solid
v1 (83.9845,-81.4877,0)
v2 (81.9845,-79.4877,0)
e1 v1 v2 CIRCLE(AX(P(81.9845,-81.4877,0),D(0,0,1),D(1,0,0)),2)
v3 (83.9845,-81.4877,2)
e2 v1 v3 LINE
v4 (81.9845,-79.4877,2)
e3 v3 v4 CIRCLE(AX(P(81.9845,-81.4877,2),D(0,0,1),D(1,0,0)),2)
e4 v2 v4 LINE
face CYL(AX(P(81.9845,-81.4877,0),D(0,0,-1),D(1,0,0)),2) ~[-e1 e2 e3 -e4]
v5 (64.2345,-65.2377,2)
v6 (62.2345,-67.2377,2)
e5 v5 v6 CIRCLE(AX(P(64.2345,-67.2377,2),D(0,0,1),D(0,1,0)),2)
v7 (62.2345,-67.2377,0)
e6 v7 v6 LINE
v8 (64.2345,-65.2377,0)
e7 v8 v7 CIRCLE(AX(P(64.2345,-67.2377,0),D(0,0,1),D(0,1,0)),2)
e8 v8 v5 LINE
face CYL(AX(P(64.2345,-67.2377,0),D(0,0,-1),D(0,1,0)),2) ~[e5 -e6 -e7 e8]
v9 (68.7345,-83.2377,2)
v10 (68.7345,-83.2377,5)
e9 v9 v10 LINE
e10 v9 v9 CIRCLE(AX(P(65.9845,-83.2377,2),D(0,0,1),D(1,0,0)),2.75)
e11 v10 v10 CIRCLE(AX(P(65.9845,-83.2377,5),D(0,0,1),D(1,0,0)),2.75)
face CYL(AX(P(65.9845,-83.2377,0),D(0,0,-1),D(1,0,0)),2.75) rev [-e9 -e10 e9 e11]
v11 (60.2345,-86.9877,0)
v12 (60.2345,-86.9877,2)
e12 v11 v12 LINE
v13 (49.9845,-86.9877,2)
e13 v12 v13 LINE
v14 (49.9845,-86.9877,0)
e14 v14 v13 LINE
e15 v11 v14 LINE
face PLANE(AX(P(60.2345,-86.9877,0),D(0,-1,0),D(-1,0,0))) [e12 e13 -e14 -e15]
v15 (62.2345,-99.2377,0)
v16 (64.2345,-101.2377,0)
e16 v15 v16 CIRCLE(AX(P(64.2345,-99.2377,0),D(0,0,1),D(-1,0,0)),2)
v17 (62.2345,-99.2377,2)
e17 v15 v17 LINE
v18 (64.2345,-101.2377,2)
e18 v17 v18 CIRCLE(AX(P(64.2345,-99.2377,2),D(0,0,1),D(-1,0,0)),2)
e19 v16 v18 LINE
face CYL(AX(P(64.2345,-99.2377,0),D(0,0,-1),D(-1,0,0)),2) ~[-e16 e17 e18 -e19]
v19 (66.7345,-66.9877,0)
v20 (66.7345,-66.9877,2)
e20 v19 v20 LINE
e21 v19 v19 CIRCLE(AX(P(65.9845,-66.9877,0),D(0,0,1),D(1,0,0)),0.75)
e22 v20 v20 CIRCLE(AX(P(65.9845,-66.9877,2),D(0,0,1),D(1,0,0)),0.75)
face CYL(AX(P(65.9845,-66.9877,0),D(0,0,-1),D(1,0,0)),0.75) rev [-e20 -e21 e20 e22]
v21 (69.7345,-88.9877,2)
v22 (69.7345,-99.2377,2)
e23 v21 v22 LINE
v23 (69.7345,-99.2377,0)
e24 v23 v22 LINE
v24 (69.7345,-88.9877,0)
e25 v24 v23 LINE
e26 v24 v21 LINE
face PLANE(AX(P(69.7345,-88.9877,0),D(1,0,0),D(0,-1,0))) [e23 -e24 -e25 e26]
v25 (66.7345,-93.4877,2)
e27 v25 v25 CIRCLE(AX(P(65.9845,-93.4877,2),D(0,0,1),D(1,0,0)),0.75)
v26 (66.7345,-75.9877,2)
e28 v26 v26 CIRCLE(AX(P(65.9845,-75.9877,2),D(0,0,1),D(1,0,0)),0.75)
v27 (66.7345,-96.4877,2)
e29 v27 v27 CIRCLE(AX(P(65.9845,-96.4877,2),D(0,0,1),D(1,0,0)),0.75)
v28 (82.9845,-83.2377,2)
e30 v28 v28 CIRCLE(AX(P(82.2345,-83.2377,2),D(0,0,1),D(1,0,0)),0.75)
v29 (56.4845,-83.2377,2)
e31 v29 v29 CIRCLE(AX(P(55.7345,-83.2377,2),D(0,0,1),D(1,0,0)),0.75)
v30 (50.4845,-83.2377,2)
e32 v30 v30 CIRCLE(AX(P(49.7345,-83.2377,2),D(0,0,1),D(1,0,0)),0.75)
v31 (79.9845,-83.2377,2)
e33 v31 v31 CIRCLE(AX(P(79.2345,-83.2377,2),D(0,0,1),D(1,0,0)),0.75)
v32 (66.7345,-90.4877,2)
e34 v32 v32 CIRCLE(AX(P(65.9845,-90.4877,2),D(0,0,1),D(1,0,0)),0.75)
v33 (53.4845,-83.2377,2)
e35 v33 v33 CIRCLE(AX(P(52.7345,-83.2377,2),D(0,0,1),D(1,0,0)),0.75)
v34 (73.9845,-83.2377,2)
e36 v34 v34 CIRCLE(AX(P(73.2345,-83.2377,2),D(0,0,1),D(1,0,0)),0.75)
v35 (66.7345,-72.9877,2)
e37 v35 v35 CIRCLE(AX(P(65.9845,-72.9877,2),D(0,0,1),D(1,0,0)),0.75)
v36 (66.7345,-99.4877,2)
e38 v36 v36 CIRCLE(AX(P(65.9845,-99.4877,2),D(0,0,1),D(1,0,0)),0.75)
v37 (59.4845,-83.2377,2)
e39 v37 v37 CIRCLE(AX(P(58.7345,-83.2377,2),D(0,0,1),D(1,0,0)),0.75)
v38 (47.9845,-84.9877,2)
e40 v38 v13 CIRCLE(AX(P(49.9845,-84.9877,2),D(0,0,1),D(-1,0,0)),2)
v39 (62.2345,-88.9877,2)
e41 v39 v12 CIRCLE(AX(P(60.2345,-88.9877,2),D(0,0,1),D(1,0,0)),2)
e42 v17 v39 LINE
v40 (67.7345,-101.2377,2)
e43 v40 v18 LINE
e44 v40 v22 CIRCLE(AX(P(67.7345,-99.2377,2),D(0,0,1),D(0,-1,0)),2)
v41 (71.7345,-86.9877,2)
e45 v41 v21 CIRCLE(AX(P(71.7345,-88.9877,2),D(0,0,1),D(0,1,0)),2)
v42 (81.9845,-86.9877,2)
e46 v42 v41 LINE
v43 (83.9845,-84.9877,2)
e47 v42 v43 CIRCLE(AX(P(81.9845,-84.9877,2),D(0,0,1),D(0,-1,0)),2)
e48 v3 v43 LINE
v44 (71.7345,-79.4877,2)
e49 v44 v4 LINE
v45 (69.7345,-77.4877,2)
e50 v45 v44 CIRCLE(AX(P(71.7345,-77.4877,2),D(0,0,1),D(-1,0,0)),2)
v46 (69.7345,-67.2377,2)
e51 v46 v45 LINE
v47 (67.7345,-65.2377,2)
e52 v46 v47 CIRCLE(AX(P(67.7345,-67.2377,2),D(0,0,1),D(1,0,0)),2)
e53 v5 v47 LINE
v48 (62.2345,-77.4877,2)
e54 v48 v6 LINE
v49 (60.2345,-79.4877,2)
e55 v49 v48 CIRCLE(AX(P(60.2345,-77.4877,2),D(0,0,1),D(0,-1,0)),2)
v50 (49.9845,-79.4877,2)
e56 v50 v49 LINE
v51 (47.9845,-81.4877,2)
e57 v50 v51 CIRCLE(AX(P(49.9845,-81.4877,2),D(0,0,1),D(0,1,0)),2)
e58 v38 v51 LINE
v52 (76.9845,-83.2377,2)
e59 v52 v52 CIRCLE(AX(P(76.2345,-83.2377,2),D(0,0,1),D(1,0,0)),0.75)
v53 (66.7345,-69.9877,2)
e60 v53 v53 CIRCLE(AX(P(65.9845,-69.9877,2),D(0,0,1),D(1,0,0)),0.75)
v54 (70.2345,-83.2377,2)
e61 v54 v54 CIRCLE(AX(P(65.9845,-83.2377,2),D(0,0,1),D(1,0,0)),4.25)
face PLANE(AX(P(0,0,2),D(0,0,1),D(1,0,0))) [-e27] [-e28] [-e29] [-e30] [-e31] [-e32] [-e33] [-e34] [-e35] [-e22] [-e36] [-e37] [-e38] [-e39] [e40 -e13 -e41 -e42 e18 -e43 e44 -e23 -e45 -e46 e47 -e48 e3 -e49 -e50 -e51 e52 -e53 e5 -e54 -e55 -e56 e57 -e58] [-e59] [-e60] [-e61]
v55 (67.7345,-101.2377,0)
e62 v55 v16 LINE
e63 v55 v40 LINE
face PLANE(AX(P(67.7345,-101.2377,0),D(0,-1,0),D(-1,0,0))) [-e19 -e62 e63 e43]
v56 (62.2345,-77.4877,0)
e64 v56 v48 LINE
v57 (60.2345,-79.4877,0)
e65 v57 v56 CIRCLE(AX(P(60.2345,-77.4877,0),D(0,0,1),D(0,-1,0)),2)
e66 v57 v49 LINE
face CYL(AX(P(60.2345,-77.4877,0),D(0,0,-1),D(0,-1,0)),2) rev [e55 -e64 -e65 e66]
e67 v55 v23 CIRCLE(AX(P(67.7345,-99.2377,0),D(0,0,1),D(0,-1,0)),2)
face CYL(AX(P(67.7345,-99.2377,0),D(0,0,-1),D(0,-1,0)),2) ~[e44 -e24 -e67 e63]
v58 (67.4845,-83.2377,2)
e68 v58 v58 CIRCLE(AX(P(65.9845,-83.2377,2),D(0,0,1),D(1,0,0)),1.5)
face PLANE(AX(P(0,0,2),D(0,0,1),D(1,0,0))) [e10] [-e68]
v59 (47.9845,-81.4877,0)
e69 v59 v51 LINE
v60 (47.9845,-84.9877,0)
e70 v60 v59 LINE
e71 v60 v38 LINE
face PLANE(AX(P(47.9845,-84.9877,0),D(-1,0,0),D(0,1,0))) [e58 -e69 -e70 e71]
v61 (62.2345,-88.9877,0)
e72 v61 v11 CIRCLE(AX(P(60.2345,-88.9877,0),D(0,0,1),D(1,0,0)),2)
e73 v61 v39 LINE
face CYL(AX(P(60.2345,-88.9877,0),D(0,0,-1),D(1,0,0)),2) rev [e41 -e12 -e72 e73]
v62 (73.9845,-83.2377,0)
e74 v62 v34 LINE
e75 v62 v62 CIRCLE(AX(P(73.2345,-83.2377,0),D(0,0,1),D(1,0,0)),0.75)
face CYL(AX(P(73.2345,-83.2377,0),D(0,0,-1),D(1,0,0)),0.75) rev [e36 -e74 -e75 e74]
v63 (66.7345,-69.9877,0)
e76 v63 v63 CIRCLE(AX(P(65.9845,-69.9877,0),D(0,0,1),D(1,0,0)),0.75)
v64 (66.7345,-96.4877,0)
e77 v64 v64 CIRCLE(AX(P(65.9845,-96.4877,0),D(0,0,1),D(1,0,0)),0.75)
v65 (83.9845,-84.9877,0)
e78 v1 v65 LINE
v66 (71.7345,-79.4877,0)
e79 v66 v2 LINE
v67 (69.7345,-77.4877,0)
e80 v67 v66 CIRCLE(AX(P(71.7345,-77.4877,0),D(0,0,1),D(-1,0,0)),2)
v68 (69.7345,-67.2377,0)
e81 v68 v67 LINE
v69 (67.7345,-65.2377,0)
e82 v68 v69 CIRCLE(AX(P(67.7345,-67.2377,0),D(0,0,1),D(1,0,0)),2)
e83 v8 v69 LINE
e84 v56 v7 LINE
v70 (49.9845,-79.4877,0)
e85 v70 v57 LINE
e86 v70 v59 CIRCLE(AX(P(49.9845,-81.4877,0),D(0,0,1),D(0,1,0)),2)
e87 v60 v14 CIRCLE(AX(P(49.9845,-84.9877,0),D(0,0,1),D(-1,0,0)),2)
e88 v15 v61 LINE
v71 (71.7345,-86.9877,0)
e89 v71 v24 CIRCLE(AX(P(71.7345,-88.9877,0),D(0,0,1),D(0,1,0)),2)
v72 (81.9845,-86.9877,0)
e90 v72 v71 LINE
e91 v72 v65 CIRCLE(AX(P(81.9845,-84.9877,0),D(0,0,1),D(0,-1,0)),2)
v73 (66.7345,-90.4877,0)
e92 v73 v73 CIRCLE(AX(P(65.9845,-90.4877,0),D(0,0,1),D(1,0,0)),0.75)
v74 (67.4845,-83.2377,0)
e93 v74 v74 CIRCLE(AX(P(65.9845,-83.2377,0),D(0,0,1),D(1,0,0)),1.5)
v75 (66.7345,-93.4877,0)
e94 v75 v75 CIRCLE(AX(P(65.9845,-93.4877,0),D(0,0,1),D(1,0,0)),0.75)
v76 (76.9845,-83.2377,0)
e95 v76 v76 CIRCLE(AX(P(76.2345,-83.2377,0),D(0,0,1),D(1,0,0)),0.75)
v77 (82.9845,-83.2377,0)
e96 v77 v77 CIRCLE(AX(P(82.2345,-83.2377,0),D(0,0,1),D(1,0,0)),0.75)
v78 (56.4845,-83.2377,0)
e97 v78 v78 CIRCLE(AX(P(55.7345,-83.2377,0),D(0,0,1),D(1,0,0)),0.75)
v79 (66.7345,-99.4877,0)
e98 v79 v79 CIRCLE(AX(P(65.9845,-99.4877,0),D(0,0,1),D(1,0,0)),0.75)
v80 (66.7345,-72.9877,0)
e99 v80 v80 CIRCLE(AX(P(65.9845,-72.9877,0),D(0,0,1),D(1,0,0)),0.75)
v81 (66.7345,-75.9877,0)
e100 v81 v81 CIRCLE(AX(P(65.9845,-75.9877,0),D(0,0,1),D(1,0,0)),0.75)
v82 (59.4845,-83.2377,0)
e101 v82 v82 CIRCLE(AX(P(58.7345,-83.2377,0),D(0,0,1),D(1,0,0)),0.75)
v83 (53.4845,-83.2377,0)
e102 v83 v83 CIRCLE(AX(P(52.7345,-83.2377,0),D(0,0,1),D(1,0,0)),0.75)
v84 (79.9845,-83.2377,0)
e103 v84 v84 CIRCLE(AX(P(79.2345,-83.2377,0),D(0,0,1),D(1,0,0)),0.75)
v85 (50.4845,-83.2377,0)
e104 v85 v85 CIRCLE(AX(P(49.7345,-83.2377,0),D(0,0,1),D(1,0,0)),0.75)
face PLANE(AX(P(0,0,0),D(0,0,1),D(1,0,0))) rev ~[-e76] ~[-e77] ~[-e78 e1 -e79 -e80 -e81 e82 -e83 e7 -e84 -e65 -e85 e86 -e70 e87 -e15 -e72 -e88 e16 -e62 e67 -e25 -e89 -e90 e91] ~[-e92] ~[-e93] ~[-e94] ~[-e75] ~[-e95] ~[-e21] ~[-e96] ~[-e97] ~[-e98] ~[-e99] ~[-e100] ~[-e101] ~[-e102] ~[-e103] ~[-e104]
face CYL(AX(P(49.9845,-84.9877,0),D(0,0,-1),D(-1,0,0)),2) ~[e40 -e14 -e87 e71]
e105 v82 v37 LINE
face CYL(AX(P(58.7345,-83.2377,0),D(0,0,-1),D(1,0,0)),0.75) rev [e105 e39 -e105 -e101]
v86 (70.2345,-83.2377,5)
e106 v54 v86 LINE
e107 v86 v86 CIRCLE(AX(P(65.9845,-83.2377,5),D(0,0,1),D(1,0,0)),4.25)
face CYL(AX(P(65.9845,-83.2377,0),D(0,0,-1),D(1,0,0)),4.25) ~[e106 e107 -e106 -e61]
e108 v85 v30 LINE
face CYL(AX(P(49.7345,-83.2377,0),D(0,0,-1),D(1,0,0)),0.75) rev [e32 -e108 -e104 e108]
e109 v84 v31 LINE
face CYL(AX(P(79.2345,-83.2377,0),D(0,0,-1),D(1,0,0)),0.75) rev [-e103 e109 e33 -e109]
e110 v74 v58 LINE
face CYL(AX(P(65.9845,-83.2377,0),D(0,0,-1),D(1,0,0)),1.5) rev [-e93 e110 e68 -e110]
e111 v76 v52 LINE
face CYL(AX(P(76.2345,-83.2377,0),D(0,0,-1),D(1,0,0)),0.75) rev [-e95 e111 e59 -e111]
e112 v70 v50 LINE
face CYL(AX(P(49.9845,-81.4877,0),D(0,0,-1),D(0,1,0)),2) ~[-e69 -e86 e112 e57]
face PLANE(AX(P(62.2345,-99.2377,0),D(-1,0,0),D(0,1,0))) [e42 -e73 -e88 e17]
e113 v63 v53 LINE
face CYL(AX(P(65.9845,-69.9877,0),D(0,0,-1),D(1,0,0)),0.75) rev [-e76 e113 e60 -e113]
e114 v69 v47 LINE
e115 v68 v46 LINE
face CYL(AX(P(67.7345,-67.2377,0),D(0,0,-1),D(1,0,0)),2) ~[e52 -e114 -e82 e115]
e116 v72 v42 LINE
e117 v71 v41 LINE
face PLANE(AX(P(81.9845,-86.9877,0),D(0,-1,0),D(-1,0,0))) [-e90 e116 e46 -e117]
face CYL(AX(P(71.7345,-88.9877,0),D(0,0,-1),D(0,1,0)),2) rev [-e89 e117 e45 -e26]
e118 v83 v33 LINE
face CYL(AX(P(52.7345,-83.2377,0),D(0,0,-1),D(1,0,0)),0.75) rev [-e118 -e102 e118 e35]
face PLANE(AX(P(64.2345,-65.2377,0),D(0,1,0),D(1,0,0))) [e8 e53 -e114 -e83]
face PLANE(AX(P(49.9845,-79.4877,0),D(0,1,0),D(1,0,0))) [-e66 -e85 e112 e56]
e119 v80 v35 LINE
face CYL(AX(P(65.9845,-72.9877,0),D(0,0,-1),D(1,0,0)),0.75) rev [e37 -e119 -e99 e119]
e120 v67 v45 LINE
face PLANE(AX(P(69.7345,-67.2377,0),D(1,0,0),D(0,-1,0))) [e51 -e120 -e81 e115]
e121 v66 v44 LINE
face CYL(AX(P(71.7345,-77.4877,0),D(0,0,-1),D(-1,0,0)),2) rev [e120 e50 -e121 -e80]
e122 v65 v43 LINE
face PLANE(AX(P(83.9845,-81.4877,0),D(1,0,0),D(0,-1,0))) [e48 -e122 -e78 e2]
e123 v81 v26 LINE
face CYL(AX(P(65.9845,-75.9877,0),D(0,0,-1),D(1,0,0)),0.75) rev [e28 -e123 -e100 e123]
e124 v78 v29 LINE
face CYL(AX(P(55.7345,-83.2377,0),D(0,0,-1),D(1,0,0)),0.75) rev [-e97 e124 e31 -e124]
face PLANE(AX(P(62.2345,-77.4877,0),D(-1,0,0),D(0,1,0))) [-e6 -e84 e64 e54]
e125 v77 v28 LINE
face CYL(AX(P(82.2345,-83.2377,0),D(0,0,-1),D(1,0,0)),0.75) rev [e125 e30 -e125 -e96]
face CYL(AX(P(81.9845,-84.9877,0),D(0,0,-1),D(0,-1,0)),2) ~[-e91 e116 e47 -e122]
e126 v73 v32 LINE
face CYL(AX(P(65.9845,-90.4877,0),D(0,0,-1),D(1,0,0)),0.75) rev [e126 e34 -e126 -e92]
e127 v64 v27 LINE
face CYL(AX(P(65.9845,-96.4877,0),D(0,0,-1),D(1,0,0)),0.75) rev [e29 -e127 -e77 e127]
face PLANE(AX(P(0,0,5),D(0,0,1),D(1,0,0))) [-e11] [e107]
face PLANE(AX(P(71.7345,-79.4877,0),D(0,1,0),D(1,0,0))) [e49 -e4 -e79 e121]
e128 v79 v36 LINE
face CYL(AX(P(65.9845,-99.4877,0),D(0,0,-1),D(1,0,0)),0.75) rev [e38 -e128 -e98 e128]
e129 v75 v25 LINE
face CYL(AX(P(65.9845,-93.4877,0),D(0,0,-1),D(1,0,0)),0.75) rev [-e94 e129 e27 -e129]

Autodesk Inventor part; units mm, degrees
ref_plane "YZ Plane" through (0, 0, 0) normal (1, 0, 0) x (0, 1, 0)
ref_plane "XZ Plane" through (0, 0, 0) normal (0, 1, 0) x (-1, 0, 0)
ref_plane "XY Plane" through (0, 0, 0) normal (0, 0, 1) x (1, 0, 0)
sketch "Эскиз1" plane through (0, 0, 0) normal (0, 0, 1) x (1, 0, 0)
  line L0 (83.9845, -81.4877) -> (83.9845, -84.9877)
  line L1 (47.9845, -84.9877) -> (47.9845, -81.4877)
  line L2 (64.2345, -65.2377) -> (67.7345, -65.2377)
  line L3 (67.7345, -101.2377) -> (64.2345, -101.2377)
  circle A0 centre (49.7345, -83.2377) radius 0.75
  circle A1 centre (52.7345, -83.2377) radius 0.75
  circle A2 centre (55.7345, -83.2377) radius 0.75
  circle A3 centre (58.7345, -83.2377) radius 0.75
  circle A4 centre (82.2345, -83.2377) radius 0.75
  circle A5 centre (79.2345, -83.2377) radius 0.75
  circle A6 centre (76.2345, -83.2377) radius 0.75
  circle A7 centre (73.2345, -83.2377) radius 0.75
  circle A8 centre (65.9845, -99.4877) radius 0.75
  circle A9 centre (65.9845, -96.4877) radius 0.75
  circle A10 centre (65.9845, -93.4877) radius 0.75
  circle A11 centre (65.9845, -90.4877) radius 0.75
  circle A12 centre (65.9845, -66.9877) radius 0.75
  circle A13 centre (65.9845, -69.9877) radius 0.75
  circle A14 centre (65.9845, -72.9877) radius 0.75
  circle A15 centre (65.9845, -75.9877) radius 0.75
  line L4 (49.9845, -79.4877) -> (60.2345, -79.4877)
  line L5 (71.7345, -79.4877) -> (81.9845, -79.4877)
  line L6 (62.2345, -99.2377) -> (62.2345, -88.9877)
  line L7 (62.2345, -77.4877) -> (62.2345, -67.2377)
  line L8 (81.9845, -86.9877) -> (71.7345, -86.9877)
  line L9 (60.2345, -86.9877) -> (49.9845, -86.9877)
  line L10 (69.7345, -67.2377) -> (69.7345, -77.4877)
  line L11 (69.7345, -88.9877) -> (69.7345, -99.2377)
  circle A16 centre (65.9845, -83.2377) radius 4.25
  circle A17 centre (65.9845, -83.2377) radius 2.75
  arc A18 (60.2345, -79.4877) -> (62.2345, -77.4877) centre (60.2345, -77.4877) ccw
  arc A19 (62.2345, -88.9877) -> (60.2345, -86.9877) centre (60.2345, -88.9877) ccw
  arc A20 (71.7345, -86.9877) -> (69.7345, -88.9877) centre (71.7345, -88.9877) ccw
  arc A21 (69.7345, -77.4877) -> (71.7345, -79.4877) centre (71.7345, -77.4877) ccw
  arc A22 (83.9845, -81.4877) -> (81.9845, -79.4877) centre (81.9845, -81.4877) ccw
  arc A23 (81.9845, -86.9877) -> (83.9845, -84.9877) centre (81.9845, -84.9877) ccw
  arc A24 (69.7345, -67.2377) -> (67.7345, -65.2377) centre (67.7345, -67.2377) ccw
  arc A25 (64.2345, -65.2377) -> (62.2345, -67.2377) centre (64.2345, -67.2377) ccw
  arc A26 (49.9845, -79.4877) -> (47.9845, -81.4877) centre (49.9845, -81.4877) ccw
  arc A27 (47.9845, -84.9877) -> (49.9845, -86.9877) centre (49.9845, -84.9877) ccw
  arc A28 (62.2345, -99.2377) -> (64.2345, -101.2377) centre (64.2345, -99.2377) ccw
  arc A29 (67.7345, -101.2377) -> (69.7345, -99.2377) centre (67.7345, -99.2377) ccw
  circle A30 centre (65.9845, -83.2377) radius 1.5
  point P0 (0, 0)
  point P1 (83.9845, -79.4877)
  point P2 (83.9845, -86.9877)
  point P3 (62.2345, -65.2377)
  point P4 (69.7345, -65.2377)
  point P5 (69.7345, -101.2377)
  point P6 (62.2345, -101.2377)
  dimension "d4" = 7.5
  dimension "d6" = 7.5
  dimension "d7" = 7.5
  dimension "d9" = 1.5
  dimension "d11" = 1.5
  dimension "d13" = 1.5
  dimension "d15" = 1.5
  dimension "d17" = 1.5
  dimension "d19" = 1.5
  dimension "d21" = 1.5
  dimension "d23" = 1.5
  dimension "d24" = 8.5
  dimension "d25" = 5.5
  dimension "d26" = 2
  dimension "d27" = 3
extrude "Выдавливание1" add sketch "Эскиз1" along normal blind 2 contours L0 A23 L8 A20 L11 A29 L3 A28 L6 A19 L9 A27 L1 A26 L4 A18 L7 A25 L2 A24 L10 A21 L5 A22
extrude "Выдавливание2" add sketch "Эскиз1" along normal blind 5 contours A16
extrude "Выдавливание3" add sketch "Эскиз1" along normal blind 2 contours A17
properties part number "Звезда"
